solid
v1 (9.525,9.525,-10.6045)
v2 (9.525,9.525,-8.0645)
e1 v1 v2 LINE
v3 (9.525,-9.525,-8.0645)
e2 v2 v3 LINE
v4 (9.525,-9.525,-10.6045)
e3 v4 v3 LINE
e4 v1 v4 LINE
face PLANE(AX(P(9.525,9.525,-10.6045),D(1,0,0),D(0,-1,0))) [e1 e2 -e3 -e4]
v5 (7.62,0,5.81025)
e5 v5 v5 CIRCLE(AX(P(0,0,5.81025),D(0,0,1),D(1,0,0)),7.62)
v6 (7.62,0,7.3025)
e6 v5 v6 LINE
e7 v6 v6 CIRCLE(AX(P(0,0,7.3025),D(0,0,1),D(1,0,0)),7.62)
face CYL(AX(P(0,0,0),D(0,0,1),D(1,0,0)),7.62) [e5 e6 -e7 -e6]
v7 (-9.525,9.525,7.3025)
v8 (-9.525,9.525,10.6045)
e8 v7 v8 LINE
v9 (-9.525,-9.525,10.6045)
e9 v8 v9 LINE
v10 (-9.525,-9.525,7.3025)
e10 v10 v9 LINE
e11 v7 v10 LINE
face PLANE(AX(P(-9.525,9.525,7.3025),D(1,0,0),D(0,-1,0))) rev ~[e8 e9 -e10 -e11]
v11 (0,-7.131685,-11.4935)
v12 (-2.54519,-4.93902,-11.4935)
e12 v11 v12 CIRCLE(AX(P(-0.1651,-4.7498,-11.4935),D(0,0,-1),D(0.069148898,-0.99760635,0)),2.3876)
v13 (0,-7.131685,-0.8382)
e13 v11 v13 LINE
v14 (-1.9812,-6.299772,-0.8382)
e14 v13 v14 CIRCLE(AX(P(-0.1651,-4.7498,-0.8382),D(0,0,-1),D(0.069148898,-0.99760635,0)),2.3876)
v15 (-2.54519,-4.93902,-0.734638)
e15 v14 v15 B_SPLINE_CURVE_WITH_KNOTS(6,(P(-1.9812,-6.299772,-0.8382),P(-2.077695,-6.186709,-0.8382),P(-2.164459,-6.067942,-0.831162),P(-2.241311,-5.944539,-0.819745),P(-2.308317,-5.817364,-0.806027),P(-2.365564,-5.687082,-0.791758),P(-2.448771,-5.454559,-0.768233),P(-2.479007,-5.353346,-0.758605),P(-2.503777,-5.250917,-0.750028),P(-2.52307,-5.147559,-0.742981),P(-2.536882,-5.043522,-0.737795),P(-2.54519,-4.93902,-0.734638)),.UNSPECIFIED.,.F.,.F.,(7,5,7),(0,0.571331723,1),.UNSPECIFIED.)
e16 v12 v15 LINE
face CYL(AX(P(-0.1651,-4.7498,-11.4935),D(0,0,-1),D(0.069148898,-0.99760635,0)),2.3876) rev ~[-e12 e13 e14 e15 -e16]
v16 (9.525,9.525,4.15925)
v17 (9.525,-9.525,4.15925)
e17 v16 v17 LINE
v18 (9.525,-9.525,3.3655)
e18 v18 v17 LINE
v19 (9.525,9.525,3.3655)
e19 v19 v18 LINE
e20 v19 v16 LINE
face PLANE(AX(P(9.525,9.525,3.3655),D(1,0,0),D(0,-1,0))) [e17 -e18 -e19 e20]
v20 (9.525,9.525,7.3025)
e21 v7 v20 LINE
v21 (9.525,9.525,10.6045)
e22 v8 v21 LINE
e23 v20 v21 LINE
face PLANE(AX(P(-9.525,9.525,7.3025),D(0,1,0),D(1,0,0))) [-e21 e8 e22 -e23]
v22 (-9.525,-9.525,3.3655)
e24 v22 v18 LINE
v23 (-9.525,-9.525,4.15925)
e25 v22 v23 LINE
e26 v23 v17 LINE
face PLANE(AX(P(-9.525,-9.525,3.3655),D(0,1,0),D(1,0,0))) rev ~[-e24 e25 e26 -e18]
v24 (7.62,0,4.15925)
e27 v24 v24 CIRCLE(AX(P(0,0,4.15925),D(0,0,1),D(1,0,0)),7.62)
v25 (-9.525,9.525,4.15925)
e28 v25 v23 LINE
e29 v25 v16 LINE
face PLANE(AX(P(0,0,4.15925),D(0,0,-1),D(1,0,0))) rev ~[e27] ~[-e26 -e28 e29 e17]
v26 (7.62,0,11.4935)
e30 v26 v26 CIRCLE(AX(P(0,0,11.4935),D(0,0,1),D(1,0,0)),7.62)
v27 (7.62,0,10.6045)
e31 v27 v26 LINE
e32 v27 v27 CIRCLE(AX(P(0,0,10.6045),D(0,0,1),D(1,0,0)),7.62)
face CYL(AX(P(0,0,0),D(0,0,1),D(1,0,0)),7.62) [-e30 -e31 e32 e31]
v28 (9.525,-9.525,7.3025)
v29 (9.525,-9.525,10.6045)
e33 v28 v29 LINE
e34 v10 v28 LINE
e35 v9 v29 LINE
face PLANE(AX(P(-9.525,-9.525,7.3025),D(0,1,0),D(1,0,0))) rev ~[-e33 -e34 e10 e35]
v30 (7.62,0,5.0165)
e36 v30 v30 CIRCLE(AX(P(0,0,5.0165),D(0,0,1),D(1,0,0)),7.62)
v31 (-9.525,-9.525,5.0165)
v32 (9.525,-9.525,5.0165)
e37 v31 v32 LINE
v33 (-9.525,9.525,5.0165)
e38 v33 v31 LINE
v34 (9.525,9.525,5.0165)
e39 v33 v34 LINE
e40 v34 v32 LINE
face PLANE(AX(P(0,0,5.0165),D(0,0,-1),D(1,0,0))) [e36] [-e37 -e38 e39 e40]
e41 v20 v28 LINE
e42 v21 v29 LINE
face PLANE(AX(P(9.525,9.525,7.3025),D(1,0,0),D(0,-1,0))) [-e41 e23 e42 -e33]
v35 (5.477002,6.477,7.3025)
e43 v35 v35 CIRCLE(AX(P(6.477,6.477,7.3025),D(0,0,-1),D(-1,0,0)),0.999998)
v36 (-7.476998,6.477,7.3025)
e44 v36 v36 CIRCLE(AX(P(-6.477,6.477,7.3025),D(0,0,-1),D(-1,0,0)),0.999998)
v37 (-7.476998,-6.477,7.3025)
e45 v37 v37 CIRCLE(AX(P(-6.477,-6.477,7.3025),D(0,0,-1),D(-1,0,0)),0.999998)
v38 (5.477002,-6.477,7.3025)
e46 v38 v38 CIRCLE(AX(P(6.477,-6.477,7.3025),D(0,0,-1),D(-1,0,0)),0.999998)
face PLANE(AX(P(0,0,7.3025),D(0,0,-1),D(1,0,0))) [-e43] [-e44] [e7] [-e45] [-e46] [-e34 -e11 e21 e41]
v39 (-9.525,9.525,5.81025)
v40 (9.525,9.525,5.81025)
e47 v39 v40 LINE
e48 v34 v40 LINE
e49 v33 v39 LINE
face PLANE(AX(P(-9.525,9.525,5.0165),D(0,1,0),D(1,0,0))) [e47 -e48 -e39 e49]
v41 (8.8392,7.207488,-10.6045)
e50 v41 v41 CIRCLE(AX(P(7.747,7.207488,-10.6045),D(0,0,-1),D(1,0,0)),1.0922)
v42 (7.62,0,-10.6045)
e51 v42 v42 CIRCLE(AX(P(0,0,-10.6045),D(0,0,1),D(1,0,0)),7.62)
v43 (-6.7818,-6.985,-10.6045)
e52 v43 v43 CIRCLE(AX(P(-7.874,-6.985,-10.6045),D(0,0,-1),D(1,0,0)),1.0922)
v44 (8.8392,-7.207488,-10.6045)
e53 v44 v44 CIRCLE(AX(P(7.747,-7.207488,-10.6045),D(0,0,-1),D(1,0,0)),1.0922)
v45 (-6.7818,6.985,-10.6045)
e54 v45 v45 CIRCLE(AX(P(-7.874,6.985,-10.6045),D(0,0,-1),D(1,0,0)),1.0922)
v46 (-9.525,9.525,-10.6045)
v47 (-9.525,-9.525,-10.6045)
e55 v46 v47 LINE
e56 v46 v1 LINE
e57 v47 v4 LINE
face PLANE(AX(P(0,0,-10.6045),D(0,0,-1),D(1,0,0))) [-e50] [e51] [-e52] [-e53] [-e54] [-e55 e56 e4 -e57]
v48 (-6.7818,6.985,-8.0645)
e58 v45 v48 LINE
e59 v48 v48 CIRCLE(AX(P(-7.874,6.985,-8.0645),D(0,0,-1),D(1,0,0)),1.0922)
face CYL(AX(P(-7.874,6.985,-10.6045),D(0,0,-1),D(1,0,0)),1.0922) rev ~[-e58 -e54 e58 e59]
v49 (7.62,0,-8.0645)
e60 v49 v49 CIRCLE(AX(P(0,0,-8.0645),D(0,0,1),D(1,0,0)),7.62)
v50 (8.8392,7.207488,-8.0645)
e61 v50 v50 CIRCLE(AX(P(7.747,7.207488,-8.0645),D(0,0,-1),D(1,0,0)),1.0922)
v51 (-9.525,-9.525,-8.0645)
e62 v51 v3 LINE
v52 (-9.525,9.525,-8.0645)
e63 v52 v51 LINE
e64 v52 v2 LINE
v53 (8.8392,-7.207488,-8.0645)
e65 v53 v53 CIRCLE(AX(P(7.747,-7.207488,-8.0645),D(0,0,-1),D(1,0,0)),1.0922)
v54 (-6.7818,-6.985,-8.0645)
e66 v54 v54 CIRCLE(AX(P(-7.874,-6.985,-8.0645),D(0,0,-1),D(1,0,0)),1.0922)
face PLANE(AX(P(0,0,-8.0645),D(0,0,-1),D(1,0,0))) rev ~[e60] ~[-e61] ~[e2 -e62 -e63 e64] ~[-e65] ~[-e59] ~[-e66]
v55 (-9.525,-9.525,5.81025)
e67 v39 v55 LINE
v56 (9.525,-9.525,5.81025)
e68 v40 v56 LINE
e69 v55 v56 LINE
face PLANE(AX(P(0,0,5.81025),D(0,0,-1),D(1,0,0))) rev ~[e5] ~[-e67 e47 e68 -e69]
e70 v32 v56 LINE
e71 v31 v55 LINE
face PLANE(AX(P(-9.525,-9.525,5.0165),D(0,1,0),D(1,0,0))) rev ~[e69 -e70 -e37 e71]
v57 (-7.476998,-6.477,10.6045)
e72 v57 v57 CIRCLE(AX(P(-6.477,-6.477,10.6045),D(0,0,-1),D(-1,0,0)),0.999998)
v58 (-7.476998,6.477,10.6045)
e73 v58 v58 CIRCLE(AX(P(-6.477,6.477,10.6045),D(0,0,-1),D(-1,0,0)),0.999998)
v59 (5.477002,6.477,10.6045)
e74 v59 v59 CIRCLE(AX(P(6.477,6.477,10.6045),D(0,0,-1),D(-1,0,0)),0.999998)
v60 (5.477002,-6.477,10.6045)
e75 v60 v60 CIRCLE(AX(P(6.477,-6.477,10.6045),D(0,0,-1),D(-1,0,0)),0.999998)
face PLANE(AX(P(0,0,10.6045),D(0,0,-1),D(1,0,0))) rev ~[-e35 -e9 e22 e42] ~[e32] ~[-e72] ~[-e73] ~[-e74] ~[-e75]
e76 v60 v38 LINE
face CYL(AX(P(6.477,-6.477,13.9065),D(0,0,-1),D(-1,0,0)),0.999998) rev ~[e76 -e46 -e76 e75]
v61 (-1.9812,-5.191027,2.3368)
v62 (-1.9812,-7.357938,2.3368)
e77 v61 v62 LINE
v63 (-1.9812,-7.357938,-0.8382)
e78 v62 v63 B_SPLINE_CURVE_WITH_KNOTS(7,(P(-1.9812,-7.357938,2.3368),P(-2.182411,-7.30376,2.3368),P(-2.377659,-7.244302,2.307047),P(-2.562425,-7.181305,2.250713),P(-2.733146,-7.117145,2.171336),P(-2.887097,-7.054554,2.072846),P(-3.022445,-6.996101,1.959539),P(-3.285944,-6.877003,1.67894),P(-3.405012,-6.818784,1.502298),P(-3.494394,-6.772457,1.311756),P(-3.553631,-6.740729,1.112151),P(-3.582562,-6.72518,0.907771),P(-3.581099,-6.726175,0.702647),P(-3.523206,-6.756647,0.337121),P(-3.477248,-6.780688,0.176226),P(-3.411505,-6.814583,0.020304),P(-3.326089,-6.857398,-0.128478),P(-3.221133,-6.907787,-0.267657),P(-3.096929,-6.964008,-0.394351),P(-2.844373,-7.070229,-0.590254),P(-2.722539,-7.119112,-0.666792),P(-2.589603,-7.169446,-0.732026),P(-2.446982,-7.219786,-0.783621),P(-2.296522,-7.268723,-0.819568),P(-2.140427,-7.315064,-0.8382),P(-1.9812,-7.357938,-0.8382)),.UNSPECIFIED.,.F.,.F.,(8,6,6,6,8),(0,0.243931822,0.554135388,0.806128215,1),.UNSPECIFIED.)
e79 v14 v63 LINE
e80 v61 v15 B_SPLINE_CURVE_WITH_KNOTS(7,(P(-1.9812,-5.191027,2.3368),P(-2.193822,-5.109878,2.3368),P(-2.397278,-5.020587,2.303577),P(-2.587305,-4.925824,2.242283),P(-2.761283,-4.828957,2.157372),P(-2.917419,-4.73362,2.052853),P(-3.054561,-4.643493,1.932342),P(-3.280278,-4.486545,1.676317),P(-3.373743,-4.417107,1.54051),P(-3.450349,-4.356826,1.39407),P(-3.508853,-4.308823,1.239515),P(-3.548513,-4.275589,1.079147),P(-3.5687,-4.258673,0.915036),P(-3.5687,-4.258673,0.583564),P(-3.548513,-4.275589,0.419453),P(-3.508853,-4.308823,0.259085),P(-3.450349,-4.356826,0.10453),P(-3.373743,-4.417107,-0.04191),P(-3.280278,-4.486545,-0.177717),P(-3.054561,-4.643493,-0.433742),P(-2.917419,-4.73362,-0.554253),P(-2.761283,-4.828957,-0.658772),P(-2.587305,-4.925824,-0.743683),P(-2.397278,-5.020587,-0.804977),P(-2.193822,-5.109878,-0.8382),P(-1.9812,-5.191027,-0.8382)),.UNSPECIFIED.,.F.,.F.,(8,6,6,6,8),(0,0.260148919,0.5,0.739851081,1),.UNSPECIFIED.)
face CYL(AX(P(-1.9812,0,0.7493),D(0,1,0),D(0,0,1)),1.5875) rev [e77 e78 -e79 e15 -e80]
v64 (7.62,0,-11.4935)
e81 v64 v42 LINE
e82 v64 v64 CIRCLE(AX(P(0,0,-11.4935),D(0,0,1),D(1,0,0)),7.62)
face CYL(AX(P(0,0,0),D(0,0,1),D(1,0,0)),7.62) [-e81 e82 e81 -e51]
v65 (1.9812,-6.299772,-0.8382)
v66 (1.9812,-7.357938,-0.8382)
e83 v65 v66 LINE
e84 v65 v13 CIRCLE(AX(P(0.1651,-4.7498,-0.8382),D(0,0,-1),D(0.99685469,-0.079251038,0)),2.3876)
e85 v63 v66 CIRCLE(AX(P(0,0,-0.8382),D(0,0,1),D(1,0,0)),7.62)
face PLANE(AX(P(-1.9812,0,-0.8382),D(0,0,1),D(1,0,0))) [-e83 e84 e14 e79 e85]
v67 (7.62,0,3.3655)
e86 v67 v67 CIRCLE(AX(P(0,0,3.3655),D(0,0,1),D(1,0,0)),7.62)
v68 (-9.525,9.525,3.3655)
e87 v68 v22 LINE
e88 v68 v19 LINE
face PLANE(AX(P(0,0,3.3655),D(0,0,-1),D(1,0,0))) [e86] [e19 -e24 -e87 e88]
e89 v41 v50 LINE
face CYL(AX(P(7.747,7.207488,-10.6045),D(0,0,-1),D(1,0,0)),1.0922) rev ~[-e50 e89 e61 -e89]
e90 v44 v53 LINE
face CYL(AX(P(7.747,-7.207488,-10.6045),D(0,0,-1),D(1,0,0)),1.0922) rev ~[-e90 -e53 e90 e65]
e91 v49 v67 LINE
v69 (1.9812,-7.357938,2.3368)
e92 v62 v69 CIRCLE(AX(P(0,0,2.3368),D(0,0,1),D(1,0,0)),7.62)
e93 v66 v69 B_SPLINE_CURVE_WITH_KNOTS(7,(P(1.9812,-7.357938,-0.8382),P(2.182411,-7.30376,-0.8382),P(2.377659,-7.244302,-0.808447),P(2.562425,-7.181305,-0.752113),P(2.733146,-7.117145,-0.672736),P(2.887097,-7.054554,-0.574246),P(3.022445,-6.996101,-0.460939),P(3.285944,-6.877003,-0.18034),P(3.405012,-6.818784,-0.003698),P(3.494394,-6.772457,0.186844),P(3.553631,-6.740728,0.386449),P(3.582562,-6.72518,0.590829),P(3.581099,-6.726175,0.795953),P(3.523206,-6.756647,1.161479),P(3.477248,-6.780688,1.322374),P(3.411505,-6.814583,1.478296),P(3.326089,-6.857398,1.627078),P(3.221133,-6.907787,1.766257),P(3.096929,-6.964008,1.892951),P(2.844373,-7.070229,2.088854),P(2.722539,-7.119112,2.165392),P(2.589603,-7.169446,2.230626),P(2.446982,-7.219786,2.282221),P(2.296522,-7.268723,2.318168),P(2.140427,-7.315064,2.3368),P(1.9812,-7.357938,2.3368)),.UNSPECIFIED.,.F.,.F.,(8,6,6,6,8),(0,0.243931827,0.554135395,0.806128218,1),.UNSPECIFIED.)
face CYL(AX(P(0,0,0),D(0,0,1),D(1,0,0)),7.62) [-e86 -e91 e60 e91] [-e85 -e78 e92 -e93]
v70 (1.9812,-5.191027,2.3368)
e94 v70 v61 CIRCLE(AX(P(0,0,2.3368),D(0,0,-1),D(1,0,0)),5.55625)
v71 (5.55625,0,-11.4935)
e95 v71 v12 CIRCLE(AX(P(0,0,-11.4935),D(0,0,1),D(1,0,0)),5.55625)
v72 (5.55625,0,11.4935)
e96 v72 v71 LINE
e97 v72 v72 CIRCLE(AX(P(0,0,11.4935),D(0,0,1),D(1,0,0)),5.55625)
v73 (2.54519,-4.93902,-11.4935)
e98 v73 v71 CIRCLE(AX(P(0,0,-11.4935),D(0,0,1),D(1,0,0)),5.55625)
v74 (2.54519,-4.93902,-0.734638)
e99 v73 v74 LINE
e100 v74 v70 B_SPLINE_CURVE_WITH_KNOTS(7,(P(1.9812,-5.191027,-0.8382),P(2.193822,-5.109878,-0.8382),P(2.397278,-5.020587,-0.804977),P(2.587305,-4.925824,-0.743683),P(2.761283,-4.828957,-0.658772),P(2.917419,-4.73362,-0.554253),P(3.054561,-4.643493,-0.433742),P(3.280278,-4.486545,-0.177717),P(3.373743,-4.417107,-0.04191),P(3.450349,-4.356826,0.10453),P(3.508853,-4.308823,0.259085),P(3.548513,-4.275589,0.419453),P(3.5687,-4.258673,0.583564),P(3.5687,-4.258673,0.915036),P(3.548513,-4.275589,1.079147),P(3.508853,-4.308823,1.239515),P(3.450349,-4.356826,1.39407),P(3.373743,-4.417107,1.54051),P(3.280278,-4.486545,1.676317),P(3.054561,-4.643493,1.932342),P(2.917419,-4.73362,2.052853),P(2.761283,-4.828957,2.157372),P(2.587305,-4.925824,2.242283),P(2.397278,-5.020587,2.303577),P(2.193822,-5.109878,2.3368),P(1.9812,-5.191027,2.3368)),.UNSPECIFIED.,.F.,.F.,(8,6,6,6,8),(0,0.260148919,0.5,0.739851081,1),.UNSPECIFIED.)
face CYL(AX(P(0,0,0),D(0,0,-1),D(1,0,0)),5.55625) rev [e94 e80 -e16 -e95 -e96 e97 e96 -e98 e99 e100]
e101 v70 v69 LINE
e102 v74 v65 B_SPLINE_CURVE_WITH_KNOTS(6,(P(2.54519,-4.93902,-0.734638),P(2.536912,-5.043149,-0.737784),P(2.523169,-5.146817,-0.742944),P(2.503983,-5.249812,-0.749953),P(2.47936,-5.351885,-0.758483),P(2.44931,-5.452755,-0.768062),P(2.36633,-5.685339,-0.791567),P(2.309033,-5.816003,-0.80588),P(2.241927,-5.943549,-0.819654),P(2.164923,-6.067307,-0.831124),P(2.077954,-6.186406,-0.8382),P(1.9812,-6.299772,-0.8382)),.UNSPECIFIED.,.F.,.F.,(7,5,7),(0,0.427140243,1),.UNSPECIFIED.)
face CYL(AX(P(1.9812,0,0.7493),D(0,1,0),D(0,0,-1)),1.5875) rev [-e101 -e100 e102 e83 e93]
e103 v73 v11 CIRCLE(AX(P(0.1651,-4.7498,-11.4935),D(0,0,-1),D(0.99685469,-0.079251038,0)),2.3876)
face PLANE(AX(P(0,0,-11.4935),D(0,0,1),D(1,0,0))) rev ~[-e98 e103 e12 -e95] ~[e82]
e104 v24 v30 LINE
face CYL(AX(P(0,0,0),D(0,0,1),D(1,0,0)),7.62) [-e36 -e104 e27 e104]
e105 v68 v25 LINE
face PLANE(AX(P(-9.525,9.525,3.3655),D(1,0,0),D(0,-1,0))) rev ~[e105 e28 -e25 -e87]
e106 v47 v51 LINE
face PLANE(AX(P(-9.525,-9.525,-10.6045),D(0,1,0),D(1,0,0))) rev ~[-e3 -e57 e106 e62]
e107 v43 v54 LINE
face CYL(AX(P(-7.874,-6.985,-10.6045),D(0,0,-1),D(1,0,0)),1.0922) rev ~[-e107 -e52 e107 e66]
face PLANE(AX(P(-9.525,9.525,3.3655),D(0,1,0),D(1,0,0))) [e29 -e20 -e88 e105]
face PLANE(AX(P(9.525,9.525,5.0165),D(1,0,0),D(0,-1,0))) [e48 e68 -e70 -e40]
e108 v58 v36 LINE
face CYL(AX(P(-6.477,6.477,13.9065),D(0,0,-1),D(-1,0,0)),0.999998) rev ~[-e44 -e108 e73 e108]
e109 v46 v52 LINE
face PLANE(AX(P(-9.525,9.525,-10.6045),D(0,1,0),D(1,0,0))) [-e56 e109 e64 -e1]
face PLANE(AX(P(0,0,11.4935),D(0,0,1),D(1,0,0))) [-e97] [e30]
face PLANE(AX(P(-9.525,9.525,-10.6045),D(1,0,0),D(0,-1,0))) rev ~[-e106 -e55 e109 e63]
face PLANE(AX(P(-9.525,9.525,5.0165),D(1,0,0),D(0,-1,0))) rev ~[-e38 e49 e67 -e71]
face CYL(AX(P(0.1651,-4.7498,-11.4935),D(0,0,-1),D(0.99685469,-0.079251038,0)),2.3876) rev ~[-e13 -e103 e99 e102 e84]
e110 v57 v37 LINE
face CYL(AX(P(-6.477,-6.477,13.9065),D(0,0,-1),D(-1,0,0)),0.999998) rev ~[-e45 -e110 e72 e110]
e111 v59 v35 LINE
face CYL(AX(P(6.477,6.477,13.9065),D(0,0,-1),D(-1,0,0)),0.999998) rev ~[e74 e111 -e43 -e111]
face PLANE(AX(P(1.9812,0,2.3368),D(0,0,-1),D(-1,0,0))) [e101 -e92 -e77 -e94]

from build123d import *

# Parameters (mm, degrees)
F0_R      = 7.62
F0_R_2    = 5.55625
F1_DEPTH  = 11.4935
F3_W      = 19.05
F3_H      = 19.05
F3_R      = 5.55625
F4_DEPTH  = 2.54
F6_W      = 19.05
F6_H      = 19.05
F6_R      = 5.55625
F7_DEPTH  = 0.79375
F9_W      = 19.05
F9_H      = 19.05
F9_R      = 5.55625
F10_DEPTH = 0.79375
F12_W     = 19.05
F12_H     = 19.05
F12_R     = 5.55625
F13_DEPTH = 3.302
F15_D     = 1.999996
F15_DEPTH = 3.302
F16_R     = 1.0922
F17_DEPTH = 2.54
F19_DEPTH = 11.43
F21_DEPTH = 11.43


with BuildPart() as f1:
    # F0 (on Top) → F1 (new body, symmetric)
    with BuildSketch(Plane.XY):
        Circle(F0_R)
        Circle(F0_R_2, mode=Mode.SUBTRACT)
    extrude(amount=F1_DEPTH, both=True)

    # F3 (on offset) → F4 (join)
    with BuildSketch(Plane(origin=(0, 0, -10.6045), x_dir=(1, 0, 0), z_dir=(0, 0, -1))):
        Rectangle(F3_W, F3_H)
        Circle(F3_R, mode=Mode.SUBTRACT)
    extrude(amount=-F4_DEPTH)

    # F6 (on offset) → F7 (join)
    with BuildSketch(Plane(origin=(0, 0, 3.3655), x_dir=(1, 0, 0), z_dir=(0, 0, -1))):
        Rectangle(F6_W, F6_H)
        Circle(F6_R, mode=Mode.SUBTRACT)
    extrude(amount=-F7_DEPTH)

    # F9 (on offset) → F10 (join)
    with BuildSketch(Plane(origin=(0, 0, 5.0165), x_dir=(1, 0, 0), z_dir=(0, 0, -1))):
        Rectangle(F9_W, F9_H)
        Circle(F9_R, mode=Mode.SUBTRACT)
    extrude(amount=-F10_DEPTH)

    # F12 (on offset) → F13 (join)
    with BuildSketch(Plane(origin=(0, 0, 7.3025), x_dir=(1, 0, 0), z_dir=(0, 0, -1))):
        Rectangle(F12_W, F12_H)
        Circle(F12_R, mode=Mode.SUBTRACT)
    extrude(amount=-F13_DEPTH)

    # F15
    with Locations(Plane.XY.offset(10.6045)):
        with Locations((-6.477, -6.477), (-6.477, 6.477), (6.477, 6.477), (6.477, -6.477)):
            Hole(F15_D / 2, depth=F15_DEPTH)

    # F16 (on face) → F17 (cut, through all)
    with BuildSketch(Plane(origin=(0, 0, -10.6045), x_dir=(1, 0, 0), z_dir=(0, 0, -1))):
        with Locations((-7.874, 6.985)):
            Circle(F16_R)
        with Locations((7.747, 7.207488)):
            Circle(F16_R)
        with Locations((7.747, -7.207488)):
            Circle(F16_R)
        with Locations((-7.874, -6.985)):
            Circle(F16_R)
    extrude(amount=-F17_DEPTH, mode=Mode.SUBTRACT)

    # F18 (on face) → F19 (cut)
    with BuildSketch(Plane(origin=(0, 0, -11.4935), x_dir=(1, 0, 0), z_dir=(0, 0, -1))):
        with BuildLine():
            ThreePointArc((2.54519, 4.93902), (1.723461, 6.558707), (0, 7.131685))
            ThreePointArc((0, 7.131685), (-1.723461, 6.558707), (-2.54519, 4.93902))
            ThreePointArc((-2.54519, 4.93902), (0, 5.55625), (2.54519, 4.93902))
        make_face()
    extrude(amount=-F19_DEPTH, mode=Mode.SUBTRACT)

    # F20 (on Front) → F21 (cut)
    with BuildSketch(Plane.XZ):
        with BuildLine():
            Line((1.9812, 2.3368), (-1.9812, 2.3368))
            ThreePointArc((-1.9812, 2.3368), (-3.5687, 0.7493), (-1.9812, -0.8382))
            Line((-1.9812, -0.8382), (1.9812, -0.8382))
            ThreePointArc((1.9812, -0.8382), (3.5687, 0.7493), (1.9812, 2.3368))
        make_face()
    extrude(amount=F21_DEPTH, mode=Mode.SUBTRACT)


solid = f1.part
